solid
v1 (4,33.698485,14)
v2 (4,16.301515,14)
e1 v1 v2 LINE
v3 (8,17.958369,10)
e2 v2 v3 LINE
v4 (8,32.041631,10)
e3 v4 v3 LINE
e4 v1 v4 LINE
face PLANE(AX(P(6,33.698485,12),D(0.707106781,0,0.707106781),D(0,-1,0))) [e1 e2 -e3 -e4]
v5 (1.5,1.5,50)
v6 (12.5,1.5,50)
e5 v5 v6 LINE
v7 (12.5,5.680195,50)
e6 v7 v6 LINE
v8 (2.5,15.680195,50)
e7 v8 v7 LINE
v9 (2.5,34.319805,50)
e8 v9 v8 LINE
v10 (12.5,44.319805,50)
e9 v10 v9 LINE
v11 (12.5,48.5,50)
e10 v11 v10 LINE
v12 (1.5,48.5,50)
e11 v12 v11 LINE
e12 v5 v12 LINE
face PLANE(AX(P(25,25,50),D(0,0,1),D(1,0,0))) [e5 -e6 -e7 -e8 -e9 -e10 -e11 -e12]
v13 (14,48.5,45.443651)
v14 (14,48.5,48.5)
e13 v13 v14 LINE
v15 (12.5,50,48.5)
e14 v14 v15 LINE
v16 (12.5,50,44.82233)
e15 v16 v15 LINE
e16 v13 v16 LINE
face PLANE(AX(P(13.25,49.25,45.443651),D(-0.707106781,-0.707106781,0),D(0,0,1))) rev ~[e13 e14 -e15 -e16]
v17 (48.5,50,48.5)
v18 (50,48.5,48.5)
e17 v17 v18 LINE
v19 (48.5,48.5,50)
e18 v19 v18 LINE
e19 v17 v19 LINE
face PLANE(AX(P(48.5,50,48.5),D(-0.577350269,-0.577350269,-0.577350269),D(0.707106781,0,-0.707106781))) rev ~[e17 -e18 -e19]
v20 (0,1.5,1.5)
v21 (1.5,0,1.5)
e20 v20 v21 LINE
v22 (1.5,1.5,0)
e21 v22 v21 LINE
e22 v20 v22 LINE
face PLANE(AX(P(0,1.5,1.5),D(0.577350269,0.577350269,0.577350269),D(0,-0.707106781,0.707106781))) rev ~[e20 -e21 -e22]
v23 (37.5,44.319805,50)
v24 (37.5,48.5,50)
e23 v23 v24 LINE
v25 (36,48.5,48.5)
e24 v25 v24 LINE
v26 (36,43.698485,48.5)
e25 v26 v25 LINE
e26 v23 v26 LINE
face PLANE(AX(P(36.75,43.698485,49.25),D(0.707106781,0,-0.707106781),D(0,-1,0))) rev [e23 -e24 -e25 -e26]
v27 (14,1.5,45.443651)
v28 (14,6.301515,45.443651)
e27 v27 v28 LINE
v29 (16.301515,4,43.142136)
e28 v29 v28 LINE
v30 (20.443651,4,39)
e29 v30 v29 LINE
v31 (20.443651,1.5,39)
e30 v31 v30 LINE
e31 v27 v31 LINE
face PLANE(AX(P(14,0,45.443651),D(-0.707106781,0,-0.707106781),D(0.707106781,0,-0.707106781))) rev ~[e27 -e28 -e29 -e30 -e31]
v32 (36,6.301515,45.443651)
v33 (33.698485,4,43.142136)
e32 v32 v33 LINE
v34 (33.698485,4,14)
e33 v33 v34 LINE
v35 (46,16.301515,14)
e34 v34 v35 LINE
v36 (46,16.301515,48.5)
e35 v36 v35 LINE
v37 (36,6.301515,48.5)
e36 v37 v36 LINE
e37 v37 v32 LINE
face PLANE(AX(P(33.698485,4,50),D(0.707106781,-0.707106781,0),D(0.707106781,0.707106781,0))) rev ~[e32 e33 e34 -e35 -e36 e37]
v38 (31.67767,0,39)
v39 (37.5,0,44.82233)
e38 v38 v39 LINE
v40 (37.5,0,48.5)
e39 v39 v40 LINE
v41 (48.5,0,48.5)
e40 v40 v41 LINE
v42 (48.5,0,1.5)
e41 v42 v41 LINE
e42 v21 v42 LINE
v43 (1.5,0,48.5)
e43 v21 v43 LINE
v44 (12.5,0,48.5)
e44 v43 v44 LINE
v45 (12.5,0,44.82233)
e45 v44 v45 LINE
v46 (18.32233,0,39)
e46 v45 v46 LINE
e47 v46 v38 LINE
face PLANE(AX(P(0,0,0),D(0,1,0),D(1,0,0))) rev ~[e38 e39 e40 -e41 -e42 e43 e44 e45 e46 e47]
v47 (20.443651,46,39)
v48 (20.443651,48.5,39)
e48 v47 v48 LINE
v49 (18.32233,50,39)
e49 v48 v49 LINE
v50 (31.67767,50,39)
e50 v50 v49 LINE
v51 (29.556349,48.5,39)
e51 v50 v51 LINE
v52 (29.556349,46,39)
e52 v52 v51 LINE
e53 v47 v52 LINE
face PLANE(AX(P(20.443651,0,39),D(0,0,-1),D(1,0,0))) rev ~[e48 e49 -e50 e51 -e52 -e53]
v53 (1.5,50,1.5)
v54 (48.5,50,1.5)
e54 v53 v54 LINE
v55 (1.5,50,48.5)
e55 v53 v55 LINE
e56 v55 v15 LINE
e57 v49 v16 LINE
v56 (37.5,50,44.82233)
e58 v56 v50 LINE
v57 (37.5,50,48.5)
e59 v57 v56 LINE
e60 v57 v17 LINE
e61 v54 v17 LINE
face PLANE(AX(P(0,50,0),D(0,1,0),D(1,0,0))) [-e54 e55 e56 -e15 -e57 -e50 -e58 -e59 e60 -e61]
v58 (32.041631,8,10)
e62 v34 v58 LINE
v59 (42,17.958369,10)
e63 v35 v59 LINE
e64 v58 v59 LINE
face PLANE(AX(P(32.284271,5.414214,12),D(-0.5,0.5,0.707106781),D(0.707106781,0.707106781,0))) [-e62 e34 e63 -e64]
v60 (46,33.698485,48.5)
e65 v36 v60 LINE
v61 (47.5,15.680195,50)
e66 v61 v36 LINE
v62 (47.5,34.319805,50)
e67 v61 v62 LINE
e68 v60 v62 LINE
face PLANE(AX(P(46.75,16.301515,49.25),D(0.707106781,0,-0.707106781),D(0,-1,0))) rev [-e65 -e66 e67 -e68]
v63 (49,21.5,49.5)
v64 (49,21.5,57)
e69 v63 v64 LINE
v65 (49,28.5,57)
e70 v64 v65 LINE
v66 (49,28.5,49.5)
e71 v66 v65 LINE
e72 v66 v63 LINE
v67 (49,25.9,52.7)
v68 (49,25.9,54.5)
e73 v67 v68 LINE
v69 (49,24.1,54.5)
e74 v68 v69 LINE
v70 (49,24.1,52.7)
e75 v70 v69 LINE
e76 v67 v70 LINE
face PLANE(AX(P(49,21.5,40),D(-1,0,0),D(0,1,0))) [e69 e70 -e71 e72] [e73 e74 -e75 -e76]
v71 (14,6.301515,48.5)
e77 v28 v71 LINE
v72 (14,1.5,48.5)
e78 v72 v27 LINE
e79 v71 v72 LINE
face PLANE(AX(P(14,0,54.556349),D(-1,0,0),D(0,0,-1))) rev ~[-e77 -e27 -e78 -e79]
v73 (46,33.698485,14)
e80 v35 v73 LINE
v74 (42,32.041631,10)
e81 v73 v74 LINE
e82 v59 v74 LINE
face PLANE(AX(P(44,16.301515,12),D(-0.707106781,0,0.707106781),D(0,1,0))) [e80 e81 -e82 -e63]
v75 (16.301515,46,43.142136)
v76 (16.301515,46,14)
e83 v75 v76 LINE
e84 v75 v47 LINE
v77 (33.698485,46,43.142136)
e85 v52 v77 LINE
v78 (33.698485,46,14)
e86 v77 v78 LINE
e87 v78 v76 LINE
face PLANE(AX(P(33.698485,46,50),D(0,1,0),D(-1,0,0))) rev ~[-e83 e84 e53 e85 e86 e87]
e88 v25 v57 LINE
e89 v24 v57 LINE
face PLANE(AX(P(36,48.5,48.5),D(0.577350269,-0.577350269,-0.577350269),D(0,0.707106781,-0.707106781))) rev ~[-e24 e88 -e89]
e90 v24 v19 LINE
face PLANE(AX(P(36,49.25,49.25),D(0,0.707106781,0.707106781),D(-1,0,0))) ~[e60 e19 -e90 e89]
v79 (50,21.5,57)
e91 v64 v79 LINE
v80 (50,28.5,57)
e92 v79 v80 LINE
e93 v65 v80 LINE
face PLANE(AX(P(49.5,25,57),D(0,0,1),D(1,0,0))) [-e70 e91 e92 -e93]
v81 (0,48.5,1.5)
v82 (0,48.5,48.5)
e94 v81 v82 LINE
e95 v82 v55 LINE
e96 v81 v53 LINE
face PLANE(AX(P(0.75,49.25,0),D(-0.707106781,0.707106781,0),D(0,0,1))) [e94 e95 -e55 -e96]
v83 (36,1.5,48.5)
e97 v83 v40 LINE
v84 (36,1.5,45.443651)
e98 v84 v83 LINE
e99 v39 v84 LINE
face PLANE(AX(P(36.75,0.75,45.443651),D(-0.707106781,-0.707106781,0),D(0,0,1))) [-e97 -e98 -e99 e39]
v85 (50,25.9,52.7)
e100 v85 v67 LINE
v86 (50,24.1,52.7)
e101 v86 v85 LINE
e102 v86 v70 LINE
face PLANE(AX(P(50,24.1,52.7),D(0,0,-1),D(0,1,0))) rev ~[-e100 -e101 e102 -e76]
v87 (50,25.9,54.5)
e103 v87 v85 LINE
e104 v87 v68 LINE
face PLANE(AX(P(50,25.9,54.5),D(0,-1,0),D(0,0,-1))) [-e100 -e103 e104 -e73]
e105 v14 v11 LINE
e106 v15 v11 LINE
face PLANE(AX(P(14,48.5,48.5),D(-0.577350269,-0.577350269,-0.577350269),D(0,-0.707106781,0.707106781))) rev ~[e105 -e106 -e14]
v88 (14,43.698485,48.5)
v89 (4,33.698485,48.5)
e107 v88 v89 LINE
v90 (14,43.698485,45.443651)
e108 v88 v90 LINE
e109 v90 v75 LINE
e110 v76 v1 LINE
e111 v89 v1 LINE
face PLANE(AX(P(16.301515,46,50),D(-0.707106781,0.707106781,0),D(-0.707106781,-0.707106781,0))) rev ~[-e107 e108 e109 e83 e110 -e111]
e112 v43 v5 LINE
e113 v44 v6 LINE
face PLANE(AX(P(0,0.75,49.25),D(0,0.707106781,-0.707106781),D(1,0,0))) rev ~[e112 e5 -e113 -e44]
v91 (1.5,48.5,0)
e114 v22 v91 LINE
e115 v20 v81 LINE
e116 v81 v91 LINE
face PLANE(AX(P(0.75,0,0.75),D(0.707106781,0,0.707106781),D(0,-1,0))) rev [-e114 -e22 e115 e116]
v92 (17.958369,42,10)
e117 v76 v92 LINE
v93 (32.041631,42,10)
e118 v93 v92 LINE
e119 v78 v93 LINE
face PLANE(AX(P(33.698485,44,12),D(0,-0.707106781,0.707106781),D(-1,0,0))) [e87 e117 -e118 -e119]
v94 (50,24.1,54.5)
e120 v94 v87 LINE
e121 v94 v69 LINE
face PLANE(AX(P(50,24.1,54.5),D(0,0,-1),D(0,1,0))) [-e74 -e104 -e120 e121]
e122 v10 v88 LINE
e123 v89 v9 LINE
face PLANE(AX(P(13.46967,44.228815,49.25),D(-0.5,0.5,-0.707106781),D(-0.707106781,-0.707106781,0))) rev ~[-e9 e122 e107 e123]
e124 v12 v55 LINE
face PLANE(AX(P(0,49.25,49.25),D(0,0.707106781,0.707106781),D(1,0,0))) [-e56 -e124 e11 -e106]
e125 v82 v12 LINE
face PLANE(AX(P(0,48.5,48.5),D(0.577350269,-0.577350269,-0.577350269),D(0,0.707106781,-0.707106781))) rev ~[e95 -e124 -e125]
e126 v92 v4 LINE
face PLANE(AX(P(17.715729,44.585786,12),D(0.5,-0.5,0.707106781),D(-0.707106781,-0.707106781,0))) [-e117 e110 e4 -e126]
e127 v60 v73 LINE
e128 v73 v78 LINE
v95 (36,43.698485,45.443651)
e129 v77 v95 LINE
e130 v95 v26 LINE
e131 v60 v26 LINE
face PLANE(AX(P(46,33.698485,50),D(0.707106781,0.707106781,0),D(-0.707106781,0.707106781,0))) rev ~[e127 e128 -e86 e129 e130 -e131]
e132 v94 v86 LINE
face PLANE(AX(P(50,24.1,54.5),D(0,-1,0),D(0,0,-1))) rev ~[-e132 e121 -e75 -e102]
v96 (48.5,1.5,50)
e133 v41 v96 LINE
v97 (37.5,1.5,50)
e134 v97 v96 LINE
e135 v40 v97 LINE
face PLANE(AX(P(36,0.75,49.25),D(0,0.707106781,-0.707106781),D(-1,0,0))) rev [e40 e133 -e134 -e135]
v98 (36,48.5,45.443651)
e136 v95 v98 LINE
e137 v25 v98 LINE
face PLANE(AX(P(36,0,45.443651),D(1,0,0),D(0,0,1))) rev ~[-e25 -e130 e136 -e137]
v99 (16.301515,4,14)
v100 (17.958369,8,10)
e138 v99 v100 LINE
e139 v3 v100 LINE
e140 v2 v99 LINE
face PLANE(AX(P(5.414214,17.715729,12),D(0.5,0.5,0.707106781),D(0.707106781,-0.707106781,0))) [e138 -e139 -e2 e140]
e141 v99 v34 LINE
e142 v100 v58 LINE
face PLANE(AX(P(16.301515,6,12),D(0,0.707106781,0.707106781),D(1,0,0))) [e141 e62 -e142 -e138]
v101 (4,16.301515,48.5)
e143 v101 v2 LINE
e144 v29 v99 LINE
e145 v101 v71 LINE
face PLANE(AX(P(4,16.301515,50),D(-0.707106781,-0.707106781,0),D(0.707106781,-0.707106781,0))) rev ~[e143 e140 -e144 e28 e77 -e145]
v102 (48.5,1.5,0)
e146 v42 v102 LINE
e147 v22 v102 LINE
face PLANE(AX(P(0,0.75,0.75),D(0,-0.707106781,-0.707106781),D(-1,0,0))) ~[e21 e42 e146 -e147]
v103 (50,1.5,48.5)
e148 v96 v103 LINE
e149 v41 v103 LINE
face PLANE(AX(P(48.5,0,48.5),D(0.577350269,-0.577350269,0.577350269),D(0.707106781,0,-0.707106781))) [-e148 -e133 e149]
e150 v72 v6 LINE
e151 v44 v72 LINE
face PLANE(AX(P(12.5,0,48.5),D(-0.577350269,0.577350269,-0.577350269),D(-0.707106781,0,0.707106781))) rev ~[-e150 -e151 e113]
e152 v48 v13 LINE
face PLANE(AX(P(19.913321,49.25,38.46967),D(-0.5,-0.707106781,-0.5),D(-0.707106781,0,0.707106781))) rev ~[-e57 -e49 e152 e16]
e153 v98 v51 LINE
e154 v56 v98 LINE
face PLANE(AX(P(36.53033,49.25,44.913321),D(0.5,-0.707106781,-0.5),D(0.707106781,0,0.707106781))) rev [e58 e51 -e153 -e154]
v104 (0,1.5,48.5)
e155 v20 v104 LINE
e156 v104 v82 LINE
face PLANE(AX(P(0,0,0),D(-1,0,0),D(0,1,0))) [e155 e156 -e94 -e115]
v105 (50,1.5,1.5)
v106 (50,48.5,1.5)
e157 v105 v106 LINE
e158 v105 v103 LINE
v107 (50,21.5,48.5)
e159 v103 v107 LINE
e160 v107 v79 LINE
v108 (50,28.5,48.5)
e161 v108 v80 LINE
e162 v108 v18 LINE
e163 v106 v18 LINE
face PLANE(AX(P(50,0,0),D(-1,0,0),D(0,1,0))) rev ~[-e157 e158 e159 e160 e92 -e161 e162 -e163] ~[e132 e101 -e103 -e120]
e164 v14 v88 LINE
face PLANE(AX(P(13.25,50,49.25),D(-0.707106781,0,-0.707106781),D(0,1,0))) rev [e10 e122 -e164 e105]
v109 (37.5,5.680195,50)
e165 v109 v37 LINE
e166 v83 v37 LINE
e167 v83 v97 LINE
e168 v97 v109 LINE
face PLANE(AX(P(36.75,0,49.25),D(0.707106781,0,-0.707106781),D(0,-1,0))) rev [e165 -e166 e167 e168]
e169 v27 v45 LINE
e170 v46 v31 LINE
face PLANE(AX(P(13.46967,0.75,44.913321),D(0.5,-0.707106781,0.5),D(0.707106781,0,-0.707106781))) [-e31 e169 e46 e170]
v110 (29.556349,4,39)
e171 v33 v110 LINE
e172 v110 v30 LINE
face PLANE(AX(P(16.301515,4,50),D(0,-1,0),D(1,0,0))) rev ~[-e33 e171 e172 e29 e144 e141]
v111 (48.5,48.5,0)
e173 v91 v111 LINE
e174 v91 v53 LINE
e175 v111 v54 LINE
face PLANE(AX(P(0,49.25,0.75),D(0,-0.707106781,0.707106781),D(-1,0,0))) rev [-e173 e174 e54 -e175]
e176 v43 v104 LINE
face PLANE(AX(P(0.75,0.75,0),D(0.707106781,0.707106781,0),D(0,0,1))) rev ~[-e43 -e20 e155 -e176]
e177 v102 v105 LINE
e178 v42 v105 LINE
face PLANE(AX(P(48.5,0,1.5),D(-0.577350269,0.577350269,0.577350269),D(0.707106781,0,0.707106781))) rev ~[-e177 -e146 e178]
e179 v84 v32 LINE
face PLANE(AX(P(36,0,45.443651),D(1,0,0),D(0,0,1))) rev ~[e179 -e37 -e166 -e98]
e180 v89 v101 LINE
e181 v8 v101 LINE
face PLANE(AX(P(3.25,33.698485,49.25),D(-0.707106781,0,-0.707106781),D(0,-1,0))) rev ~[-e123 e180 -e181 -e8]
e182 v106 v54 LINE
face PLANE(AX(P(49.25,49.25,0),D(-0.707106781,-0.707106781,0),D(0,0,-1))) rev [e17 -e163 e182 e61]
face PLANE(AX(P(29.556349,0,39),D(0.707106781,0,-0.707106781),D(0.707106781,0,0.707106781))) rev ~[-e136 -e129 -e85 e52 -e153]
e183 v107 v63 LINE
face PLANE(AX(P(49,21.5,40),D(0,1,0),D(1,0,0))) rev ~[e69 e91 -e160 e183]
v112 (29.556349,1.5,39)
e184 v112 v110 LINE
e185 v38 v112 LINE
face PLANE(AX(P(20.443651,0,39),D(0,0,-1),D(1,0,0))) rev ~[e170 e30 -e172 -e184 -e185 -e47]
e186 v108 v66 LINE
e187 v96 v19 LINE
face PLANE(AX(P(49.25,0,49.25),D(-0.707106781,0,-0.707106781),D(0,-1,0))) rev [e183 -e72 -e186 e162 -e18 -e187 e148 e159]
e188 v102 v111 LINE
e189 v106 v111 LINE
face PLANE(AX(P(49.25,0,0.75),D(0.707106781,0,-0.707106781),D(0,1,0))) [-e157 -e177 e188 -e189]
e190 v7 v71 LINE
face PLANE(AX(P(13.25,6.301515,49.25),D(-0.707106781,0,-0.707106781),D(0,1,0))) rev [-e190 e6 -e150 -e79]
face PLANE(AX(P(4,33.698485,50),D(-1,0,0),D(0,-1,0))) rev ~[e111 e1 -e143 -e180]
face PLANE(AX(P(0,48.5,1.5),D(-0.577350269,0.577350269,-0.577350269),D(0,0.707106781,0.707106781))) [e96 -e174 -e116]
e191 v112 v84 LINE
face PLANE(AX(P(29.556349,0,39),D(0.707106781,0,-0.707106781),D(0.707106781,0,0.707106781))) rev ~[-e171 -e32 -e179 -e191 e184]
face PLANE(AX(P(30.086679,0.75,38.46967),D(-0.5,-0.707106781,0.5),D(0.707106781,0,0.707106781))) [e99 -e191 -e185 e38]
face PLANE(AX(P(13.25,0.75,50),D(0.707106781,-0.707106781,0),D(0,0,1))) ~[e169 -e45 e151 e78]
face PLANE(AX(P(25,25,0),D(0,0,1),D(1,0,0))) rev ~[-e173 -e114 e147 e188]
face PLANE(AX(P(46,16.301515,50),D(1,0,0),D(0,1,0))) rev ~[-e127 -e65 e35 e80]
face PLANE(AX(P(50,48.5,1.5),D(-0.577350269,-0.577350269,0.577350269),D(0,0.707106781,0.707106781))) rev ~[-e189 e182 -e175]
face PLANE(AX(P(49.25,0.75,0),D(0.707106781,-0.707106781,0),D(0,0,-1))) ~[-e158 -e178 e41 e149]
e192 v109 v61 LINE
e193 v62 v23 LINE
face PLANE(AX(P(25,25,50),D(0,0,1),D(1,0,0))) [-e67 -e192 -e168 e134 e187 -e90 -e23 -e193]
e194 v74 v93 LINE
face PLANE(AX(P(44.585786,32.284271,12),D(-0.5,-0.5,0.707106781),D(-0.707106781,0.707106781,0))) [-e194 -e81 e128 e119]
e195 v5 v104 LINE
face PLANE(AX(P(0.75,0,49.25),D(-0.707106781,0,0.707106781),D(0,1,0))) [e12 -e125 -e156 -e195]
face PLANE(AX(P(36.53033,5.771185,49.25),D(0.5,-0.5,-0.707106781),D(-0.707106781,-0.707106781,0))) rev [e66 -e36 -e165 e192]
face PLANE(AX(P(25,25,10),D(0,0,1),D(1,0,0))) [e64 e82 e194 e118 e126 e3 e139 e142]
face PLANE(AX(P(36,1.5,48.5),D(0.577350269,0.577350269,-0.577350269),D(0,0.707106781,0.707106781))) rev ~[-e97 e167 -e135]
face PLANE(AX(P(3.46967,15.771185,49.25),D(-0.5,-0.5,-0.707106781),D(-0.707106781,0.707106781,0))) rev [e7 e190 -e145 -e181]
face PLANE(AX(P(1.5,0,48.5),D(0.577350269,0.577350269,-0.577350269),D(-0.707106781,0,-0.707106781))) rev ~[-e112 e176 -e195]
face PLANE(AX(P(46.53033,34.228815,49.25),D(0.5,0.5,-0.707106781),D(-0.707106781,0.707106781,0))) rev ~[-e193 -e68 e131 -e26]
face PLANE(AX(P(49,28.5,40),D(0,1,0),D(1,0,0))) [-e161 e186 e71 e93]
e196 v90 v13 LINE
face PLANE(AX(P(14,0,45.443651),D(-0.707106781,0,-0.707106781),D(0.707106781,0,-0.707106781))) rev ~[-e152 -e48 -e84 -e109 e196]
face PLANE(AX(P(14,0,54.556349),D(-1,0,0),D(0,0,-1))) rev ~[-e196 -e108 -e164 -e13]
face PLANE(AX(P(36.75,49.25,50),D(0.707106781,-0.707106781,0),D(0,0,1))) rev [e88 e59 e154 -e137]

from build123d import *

# Parameters (mm, degrees)
SKETCH1_W                = 50
SKETCH1_H                = 50
BOSS_EXTRUDE1_DEPTH      = 50
CUT_EXTRUDE2_DEPTH       = 87.602540378
CUT_EXTRUDE3_DEPTH       = 40
CHAMFER1_SIZE            = 4
CHAMFER3_SIZE            = 1.5
BOSS_EXTRUDE2_DEPTH      = 7
BOSS_EXTRUDE2_DEPTH_BACK = 10
SKETCH5_W                = 1
SKETCH5_H                = 7
SKETCH6_W                = 1.8
SKETCH6_H                = 1.8
CUT_EXTRUDE4_DEPTH       = 7


with BuildPart() as part:
    # Sketch1 → Boss-Extrude1 (new body)
    with BuildSketch(Plane.XY):
        with Locations((25, 25)):
            Rectangle(SKETCH1_W, SKETCH1_H)
    extrude(amount=BOSS_EXTRUDE1_DEPTH)

    # Sketch3 → Cut-Extrude2 (cut, through all)
    with BuildSketch(Plane.XZ):
        Polygon((29.556349186, 39), (36, 45.443650814), (36, 54.556349186), (29.556349186, 61), (20.443650814, 61), (14, 54.556349186), (14, 45.443650814), (20.443650814, 39), align=None)
    extrude(amount=-CUT_EXTRUDE2_DEPTH, mode=Mode.SUBTRACT)

    # Sketch4 → Cut-Extrude3 (cut)
    with BuildSketch(Plane.XY.offset(50)):
        Polygon((33.69848481, 46), (16.30151519, 46), (4, 33.69848481), (4, 16.30151519), (16.30151519, 4), (33.69848481, 4), (46, 16.30151519), (46, 33.69848481), align=None)
    extrude(amount=-CUT_EXTRUDE3_DEPTH, mode=Mode.SUBTRACT)

    # Chamfer1
    chamfer1_edges = [part.edges().sort_by_distance(p)[0] for p in [
        (10.150757595, 10.150757595, 10),
        (10.150757595, 39.849242405, 10),
        (39.849242405, 39.849242405, 10),
        (39.849242405, 10.150757595, 10),
        (25, 4, 10),
        (25, 46, 10),
        (46, 25, 10),
        (4, 25, 10),
    ]]
    chamfer(chamfer1_edges, length=CHAMFER1_SIZE)

    # Chamfer3
    chamfer3_edges = [part.edges().sort_by_distance(p)[0] for p in [
        (50, 25, 50),
        (43, 50, 50),
        (43, 0, 50),
        (7, 50, 50),
        (36, 46.849242405, 50),
        (14, 3.150757595, 50),
        (14, 50, 47.721825407),
        (36, 50, 47.721825407),
        (36, 0, 47.721825407),
        (14, 0, 47.721825407),
        (17.221825407, 0, 42.221825407),
        (32.778174593, 0, 42.221825407),
        (17.221825407, 50, 42.221825407),
        (32.778174593, 50, 42.221825407),
        (0, 25, 50),
        (25, 50, 0),
        (50, 25, 0),
        (36, 3.150757595, 50),
        (14, 46.849242405, 50),
        (25, 0, 0),
        (9, 11.30151519, 50),
        (9, 38.69848481, 50),
        (4, 25, 50),
        (41, 38.69848481, 50),
        (0, 25, 0),
        (41, 11.30151519, 50),
        (46, 25, 50),
        (7, 0, 50),
        (0, 50, 25),
        (50, 50, 25),
        (50, 0, 25),
        (0, 0, 25),
    ]]
    chamfer(chamfer3_edges, length=CHAMFER3_SIZE)

    # Sketch5 → Boss-Extrude2 (add, two sides: drawn at the far end of the back side and taken through both)
    with BuildSketch(Plane.XY.offset(50).offset(-BOSS_EXTRUDE2_DEPTH_BACK)):
        with Locations((49.5, 25)):
            Rectangle(SKETCH5_W, SKETCH5_H)
    extrude(amount=BOSS_EXTRUDE2_DEPTH + BOSS_EXTRUDE2_DEPTH_BACK)

    # Sketch6 → Cut-Extrude4 (cut)
    with BuildSketch(Plane(origin=(50, 0, 0), x_dir=(0, 0, -1), z_dir=(1, 0, 0))):
        with Locations((-53.6, 25)):
            Rectangle(SKETCH6_W, SKETCH6_H)
    extrude(amount=-CUT_EXTRUDE4_DEPTH, mode=Mode.SUBTRACT)


solid = part.part
